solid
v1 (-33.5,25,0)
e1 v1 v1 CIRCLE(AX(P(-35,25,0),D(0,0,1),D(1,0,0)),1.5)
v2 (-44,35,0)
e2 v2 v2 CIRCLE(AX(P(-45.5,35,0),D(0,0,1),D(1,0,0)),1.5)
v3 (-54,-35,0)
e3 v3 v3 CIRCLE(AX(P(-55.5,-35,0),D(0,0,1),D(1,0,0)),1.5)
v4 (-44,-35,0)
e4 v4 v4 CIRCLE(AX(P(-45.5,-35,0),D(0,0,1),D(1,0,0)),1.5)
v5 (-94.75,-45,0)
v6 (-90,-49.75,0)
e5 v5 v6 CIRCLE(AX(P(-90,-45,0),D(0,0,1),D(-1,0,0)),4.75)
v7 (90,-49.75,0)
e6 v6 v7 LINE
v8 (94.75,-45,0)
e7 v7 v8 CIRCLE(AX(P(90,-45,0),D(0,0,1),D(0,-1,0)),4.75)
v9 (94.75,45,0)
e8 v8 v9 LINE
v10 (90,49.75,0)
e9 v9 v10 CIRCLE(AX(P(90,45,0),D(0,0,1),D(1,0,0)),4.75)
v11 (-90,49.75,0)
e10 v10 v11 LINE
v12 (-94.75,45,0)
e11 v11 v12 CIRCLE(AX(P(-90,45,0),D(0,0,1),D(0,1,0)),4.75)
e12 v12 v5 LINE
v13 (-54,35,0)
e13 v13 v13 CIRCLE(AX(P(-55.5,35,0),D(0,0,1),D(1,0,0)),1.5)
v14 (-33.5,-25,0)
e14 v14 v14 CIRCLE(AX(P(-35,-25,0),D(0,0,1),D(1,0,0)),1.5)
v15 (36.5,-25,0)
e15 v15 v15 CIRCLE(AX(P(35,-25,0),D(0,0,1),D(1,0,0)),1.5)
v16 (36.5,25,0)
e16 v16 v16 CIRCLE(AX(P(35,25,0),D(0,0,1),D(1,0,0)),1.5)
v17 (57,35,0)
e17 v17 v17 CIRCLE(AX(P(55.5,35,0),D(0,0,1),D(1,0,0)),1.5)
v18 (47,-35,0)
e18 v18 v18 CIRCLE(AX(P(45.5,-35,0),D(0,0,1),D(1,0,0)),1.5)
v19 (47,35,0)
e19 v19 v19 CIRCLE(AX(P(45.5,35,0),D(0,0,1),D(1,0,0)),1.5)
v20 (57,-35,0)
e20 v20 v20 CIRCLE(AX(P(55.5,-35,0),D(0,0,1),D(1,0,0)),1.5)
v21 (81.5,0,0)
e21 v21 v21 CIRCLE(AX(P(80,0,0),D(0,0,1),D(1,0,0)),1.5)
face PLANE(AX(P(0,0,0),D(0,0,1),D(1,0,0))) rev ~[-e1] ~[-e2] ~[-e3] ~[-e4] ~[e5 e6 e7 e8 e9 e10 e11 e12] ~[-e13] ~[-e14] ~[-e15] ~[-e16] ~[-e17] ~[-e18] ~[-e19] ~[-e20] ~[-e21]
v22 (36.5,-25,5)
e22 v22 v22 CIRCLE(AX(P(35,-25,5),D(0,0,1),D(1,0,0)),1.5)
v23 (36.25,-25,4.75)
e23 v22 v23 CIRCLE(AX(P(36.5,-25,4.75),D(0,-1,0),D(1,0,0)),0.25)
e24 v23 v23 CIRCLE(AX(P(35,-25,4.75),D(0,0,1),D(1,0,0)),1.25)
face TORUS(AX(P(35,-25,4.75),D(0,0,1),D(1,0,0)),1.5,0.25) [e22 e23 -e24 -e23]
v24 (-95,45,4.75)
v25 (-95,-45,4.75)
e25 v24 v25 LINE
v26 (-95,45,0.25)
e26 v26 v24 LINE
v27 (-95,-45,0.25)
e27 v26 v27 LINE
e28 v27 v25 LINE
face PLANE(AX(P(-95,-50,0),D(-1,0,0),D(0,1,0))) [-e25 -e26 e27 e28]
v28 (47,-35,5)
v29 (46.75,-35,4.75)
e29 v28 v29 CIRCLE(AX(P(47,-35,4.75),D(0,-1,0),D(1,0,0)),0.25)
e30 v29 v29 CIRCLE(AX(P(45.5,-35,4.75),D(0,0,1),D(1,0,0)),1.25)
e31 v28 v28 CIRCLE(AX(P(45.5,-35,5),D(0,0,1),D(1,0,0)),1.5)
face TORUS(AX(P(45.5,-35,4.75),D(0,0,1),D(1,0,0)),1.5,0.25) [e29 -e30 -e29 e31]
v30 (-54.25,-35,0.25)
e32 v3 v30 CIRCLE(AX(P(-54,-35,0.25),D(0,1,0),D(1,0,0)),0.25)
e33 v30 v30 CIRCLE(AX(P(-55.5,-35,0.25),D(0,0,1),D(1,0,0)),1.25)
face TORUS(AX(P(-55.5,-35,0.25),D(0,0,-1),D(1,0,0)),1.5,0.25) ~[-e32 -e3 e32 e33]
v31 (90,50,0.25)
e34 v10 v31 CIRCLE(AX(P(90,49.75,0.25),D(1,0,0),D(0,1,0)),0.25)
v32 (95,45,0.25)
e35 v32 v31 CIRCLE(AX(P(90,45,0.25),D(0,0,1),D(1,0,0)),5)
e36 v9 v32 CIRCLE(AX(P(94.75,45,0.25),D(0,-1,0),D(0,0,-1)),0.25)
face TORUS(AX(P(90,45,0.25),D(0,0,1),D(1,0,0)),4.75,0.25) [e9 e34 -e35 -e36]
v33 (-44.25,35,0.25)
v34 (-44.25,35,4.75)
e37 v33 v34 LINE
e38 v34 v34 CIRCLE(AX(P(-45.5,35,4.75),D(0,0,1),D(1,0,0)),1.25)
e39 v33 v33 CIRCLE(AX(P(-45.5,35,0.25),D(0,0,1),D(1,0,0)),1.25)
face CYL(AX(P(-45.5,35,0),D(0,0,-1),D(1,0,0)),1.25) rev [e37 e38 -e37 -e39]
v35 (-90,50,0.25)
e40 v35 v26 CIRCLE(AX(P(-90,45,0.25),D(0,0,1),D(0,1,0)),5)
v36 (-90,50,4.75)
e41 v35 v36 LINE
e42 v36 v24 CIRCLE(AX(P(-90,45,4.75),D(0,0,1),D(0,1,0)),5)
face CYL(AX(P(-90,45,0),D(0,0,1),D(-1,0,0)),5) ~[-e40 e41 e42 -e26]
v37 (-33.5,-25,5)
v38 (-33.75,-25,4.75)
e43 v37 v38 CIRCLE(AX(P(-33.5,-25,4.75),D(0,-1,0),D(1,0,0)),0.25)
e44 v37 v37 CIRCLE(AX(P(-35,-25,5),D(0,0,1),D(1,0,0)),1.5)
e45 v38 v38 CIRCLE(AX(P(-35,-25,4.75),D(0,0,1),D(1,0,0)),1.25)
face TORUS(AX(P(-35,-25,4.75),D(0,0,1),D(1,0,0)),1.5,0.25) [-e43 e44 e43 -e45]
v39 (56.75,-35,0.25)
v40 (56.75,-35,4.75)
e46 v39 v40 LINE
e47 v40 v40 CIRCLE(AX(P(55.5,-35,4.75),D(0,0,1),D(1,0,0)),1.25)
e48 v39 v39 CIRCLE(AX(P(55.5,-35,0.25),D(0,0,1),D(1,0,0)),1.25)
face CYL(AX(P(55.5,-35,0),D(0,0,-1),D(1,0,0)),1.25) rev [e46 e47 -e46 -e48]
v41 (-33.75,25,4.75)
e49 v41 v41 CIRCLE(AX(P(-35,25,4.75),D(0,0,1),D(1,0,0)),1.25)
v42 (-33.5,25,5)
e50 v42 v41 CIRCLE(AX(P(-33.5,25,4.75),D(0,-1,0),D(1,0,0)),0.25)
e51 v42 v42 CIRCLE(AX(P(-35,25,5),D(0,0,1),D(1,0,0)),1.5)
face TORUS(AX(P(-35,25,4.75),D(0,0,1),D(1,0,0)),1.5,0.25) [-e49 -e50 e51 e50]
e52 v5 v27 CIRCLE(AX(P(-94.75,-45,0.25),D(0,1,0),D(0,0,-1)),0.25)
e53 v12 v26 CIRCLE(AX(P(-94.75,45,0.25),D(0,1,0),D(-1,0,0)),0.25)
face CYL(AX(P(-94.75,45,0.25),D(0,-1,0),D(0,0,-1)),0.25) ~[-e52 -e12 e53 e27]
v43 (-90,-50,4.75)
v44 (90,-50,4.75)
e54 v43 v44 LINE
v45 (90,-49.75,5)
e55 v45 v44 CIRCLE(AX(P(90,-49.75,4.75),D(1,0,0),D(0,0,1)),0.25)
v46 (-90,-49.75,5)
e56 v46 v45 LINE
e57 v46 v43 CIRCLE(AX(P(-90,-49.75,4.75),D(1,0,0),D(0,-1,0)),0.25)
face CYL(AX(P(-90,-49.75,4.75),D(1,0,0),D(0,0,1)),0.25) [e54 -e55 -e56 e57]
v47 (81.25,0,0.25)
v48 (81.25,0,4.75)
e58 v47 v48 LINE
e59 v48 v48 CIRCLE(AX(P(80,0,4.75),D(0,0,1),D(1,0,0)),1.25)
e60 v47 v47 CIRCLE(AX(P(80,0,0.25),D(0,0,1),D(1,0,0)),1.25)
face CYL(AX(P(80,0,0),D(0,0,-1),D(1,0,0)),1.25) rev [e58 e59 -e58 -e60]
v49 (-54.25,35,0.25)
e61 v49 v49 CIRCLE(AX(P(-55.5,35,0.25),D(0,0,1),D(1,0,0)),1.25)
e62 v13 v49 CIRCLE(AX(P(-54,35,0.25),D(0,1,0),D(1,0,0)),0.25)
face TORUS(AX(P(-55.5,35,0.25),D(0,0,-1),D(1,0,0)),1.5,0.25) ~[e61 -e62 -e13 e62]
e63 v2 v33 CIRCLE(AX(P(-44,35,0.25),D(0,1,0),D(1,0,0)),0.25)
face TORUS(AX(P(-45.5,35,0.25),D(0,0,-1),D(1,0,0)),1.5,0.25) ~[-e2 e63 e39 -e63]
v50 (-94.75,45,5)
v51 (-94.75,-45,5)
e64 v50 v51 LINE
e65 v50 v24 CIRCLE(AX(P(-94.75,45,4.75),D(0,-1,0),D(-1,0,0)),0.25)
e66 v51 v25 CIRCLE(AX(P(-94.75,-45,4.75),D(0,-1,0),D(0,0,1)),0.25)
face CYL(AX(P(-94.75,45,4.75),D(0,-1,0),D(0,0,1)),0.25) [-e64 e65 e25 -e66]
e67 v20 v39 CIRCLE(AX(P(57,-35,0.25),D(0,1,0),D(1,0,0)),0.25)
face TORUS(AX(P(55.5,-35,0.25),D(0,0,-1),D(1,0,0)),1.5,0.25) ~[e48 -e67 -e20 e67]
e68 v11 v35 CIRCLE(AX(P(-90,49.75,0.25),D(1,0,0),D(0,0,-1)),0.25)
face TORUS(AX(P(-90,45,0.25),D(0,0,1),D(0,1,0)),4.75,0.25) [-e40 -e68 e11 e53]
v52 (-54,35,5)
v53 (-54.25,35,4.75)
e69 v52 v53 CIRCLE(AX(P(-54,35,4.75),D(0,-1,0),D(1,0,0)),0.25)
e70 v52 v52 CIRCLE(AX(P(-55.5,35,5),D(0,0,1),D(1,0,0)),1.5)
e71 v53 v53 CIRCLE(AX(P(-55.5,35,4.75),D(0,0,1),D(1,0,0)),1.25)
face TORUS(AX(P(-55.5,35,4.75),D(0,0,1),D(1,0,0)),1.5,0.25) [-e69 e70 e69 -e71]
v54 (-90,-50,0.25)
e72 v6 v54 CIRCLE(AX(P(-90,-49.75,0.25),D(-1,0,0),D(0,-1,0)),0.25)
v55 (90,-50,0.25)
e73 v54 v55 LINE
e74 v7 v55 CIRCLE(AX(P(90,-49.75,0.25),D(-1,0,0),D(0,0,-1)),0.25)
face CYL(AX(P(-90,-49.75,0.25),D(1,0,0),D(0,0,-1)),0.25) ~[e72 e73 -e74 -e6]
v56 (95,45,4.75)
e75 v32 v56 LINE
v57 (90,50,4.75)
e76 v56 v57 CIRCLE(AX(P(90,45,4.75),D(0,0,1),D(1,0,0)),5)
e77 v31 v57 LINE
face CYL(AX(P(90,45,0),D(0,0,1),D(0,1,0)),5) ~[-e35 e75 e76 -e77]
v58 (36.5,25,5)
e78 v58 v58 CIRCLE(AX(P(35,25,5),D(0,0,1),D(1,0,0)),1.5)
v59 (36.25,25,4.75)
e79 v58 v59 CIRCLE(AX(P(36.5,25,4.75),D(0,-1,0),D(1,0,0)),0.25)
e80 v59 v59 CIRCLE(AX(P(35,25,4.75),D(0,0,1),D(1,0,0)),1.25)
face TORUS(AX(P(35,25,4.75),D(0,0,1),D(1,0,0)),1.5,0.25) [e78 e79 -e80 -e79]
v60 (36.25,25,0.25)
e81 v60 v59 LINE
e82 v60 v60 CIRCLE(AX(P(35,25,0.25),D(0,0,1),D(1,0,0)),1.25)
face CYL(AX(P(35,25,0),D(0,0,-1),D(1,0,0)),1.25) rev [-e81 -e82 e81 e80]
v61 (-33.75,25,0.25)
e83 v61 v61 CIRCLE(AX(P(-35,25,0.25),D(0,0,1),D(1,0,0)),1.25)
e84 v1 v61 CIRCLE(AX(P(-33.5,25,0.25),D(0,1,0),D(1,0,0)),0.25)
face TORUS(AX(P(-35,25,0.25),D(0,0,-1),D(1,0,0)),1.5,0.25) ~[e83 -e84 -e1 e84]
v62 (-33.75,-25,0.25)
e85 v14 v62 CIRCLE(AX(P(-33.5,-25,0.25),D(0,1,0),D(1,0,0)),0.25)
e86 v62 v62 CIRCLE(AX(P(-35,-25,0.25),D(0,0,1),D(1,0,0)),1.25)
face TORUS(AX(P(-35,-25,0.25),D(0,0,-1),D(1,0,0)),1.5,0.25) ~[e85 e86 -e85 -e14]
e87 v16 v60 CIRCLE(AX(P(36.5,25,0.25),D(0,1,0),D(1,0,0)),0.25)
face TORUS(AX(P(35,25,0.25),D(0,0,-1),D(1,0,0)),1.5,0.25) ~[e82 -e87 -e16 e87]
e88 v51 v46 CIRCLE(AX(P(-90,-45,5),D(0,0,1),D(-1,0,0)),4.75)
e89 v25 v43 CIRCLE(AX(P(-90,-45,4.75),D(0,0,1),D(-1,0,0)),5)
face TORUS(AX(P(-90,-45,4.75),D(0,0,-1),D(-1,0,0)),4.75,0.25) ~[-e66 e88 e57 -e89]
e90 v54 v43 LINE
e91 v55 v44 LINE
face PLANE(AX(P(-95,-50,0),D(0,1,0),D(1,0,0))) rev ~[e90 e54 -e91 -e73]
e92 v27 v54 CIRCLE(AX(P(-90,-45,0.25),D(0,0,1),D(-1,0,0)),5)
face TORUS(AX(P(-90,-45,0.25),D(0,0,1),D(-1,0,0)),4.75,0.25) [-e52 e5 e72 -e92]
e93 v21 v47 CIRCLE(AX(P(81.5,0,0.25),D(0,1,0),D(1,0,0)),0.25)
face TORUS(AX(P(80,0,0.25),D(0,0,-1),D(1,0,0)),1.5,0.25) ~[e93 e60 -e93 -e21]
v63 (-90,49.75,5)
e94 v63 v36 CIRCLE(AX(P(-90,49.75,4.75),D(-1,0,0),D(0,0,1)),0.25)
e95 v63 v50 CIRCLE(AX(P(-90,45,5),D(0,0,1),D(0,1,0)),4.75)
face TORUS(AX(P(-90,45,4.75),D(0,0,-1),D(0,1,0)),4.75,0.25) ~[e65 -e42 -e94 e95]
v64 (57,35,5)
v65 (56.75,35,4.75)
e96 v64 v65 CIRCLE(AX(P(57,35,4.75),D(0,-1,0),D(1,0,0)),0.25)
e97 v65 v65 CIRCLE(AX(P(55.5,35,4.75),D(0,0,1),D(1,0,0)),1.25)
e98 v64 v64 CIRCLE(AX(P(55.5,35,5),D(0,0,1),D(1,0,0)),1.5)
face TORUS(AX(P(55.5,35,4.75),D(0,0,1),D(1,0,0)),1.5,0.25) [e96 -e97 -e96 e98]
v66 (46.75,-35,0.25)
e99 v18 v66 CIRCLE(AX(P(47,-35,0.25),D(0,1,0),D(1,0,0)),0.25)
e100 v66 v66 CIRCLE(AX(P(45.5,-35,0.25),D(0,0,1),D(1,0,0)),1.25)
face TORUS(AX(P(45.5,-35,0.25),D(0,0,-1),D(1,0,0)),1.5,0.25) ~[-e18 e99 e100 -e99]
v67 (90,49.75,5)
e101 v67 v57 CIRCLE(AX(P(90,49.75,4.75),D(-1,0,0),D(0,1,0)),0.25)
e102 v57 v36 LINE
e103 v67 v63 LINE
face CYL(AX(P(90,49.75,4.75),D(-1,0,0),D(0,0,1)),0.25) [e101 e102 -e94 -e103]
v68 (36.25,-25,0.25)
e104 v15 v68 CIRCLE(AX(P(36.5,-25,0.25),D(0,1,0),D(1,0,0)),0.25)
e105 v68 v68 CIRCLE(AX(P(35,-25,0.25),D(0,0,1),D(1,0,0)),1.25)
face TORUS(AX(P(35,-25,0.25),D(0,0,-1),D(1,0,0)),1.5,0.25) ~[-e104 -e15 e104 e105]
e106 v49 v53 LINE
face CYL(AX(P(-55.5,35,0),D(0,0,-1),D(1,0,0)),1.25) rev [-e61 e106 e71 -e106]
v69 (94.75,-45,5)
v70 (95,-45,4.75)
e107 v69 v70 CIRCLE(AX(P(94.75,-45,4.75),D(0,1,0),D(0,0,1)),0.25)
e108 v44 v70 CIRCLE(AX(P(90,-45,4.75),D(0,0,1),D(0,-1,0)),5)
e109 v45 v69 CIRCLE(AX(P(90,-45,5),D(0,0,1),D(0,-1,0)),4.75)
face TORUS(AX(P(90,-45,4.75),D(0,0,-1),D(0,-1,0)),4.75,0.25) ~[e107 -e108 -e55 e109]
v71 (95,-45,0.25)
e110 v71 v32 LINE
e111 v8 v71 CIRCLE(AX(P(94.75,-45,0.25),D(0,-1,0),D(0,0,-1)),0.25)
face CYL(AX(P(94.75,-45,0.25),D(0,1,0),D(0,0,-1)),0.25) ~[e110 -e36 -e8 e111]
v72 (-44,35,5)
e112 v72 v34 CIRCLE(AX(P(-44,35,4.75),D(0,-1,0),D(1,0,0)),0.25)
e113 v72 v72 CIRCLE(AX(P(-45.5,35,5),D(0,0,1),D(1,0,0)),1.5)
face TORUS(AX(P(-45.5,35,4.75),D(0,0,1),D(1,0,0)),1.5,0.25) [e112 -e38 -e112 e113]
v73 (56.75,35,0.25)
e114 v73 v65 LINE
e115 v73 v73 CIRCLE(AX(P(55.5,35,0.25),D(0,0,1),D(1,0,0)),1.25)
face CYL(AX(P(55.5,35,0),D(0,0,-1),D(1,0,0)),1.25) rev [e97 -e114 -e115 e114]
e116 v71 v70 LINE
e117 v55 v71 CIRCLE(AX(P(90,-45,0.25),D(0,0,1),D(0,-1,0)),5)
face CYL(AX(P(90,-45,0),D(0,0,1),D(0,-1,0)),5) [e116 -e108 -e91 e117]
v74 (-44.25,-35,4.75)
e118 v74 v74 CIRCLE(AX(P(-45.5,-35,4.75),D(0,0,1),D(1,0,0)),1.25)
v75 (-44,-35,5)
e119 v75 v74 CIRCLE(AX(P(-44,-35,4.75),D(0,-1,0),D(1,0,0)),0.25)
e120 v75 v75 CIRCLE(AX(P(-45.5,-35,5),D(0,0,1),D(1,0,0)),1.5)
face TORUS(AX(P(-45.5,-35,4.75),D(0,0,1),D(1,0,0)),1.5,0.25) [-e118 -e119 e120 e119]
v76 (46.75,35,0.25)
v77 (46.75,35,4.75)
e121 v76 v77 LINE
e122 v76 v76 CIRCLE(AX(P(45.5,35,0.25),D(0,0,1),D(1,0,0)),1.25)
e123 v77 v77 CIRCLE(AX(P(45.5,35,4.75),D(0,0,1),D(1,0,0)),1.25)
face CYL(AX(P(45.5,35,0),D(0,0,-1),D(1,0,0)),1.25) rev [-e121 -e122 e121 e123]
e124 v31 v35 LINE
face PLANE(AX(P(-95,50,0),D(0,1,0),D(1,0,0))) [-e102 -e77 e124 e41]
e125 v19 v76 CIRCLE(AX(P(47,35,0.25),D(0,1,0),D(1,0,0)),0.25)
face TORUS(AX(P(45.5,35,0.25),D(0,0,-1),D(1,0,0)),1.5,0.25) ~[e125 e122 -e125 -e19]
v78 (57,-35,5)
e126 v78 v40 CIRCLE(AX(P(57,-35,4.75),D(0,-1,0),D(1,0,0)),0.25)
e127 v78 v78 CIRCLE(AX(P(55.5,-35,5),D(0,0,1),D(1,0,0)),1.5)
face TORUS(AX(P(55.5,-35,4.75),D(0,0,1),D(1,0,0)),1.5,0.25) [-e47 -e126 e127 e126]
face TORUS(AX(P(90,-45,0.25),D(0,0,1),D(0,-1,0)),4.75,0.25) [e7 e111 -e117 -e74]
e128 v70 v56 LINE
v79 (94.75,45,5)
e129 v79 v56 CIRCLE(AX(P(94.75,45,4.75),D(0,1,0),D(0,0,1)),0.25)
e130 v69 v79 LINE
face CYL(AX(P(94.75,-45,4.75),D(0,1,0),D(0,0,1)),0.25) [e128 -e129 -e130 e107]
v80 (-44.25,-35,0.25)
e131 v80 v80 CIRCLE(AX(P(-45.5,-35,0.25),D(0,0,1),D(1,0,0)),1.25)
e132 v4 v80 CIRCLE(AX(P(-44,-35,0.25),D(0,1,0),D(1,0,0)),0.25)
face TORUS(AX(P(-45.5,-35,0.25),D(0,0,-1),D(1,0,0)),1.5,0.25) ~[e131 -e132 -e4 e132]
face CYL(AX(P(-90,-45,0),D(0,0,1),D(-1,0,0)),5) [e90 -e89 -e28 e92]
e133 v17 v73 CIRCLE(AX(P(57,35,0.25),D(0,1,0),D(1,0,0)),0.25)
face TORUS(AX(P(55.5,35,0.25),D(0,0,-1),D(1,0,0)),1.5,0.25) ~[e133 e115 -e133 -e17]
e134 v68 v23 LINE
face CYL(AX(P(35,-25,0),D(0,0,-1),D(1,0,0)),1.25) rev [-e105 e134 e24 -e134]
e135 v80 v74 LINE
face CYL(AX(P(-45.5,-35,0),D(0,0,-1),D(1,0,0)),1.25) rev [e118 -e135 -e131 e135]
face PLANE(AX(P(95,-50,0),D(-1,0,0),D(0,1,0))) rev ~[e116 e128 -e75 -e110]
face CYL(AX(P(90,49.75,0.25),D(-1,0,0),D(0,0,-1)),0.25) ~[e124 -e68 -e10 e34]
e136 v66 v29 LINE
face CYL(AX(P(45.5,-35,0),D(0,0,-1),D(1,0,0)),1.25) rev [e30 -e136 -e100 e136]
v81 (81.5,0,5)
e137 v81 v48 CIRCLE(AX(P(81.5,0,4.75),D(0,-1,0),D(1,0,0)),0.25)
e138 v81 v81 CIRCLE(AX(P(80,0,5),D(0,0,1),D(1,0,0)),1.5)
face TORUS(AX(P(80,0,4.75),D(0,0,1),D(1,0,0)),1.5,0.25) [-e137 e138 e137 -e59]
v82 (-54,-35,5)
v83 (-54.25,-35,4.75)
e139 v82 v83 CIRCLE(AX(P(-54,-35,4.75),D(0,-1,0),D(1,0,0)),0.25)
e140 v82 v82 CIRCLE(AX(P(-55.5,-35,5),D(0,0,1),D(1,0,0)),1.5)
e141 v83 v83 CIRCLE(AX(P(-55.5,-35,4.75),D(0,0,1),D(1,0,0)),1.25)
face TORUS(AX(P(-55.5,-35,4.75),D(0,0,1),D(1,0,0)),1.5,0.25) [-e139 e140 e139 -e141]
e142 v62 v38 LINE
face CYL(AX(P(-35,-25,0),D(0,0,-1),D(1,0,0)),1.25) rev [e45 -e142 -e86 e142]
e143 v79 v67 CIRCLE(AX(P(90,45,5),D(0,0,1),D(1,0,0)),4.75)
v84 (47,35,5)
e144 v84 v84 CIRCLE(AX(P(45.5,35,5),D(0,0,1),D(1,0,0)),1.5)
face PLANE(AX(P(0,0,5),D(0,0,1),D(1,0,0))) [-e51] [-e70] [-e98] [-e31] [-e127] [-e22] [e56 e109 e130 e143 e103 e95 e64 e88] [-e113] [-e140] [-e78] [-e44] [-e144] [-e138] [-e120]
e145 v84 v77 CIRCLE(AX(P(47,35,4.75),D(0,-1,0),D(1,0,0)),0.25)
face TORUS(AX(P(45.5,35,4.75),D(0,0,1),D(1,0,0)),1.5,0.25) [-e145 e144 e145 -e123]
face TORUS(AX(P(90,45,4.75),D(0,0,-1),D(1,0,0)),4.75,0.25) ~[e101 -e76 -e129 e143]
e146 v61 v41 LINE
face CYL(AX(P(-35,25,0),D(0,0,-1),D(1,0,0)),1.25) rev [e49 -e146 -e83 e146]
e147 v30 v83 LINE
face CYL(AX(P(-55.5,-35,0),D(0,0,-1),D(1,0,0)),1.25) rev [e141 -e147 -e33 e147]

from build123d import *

# Parameters (mm, degrees)
SKETCH2_W           = 190
SKETCH2_H           = 100
SKETCH2_R           = 1.25
BOSS_EXTRUDE1_DEPTH = 5
FILLET1_R           = 5
FILLET2_R           = 0.25


with BuildPart() as part:
    # Sketch2 → Boss-Extrude1 (new body)
    with BuildSketch(Plane.XY):
        Rectangle(SKETCH2_W, SKETCH2_H)
        with Locations((-35, 25)):
            Circle(SKETCH2_R, mode=Mode.SUBTRACT)
        with Locations((35, 25)):
            Circle(SKETCH2_R, mode=Mode.SUBTRACT)
        with Locations((35, -25)):
            Circle(SKETCH2_R, mode=Mode.SUBTRACT)
        with Locations((-35, -25)):
            Circle(SKETCH2_R, mode=Mode.SUBTRACT)
        with Locations((80, 0)):
            Circle(SKETCH2_R, mode=Mode.SUBTRACT)
        with Locations((-55.5, -35)):
            Circle(SKETCH2_R, mode=Mode.SUBTRACT)
        with Locations((-45.5, -35)):
            Circle(SKETCH2_R, mode=Mode.SUBTRACT)
        with Locations((-45.5, 35)):
            Circle(SKETCH2_R, mode=Mode.SUBTRACT)
        with Locations((-55.5, 35)):
            Circle(SKETCH2_R, mode=Mode.SUBTRACT)
        with Locations((45.5, -35)):
            Circle(SKETCH2_R, mode=Mode.SUBTRACT)
        with Locations((55.5, -35)):
            Circle(SKETCH2_R, mode=Mode.SUBTRACT)
        with Locations((55.5, 35)):
            Circle(SKETCH2_R, mode=Mode.SUBTRACT)
        with Locations((45.5, 35)):
            Circle(SKETCH2_R, mode=Mode.SUBTRACT)
    extrude(amount=BOSS_EXTRUDE1_DEPTH)

    # Fillet1
    fillet1_edges = [part.edges().sort_by_distance(p)[0] for p in [
        (95, -50, 2.5),
        (-95, -50, 2.5),
        (-95, 50, 2.5),
        (95, 50, 2.5),
    ]]
    fillet(fillet1_edges, radius=FILLET1_R)

    # Fillet2
    fillet2_edges = [part.edges().sort_by_distance(p)[0] for p in [
        (-36.25, 25, 0),
        (-36.25, 25, 5),
        (33.75, 25, 0),
        (33.75, 25, 5),
        (33.75, -25, 0),
        (33.75, -25, 5),
        (-36.25, -25, 0),
        (-36.25, -25, 5),
        (78.75, 0, 0),
        (78.75, 0, 5),
        (-56.75, -35, 0),
        (-56.75, -35, 5),
        (-46.75, -35, 0),
        (-46.75, -35, 5),
        (-46.75, 35, 0),
        (-46.75, 35, 5),
        (-56.75, 35, 0),
        (-56.75, 35, 5),
        (44.25, -35, 0),
        (44.25, -35, 5),
        (54.25, -35, 0),
        (54.25, -35, 5),
        (54.25, 35, 0),
        (54.25, 35, 5),
        (44.25, 35, 0),
        (44.25, 35, 5),
        (95, 0, 0),
        (95, 0, 5),
        (0, -50, 0),
        (-95, 0, 0),
        (0, 50, 0),
        (-93.535533906, -48.535533906, 0),
        (-93.535533906, 48.535533906, 0),
        (93.535533906, 48.535533906, 0),
        (93.535533906, -48.535533906, 0),
        (0, -50, 5),
        (0, 50, 5),
        (-95, 0, 5),
        (-93.535533906, -48.535533906, 5),
        (-93.535533906, 48.535533906, 5),
        (93.535533906, 48.535533906, 5),
        (93.535533906, -48.535533906, 5),
    ]]
    fillet(fillet2_edges, radius=FILLET2_R)


solid = part.part
